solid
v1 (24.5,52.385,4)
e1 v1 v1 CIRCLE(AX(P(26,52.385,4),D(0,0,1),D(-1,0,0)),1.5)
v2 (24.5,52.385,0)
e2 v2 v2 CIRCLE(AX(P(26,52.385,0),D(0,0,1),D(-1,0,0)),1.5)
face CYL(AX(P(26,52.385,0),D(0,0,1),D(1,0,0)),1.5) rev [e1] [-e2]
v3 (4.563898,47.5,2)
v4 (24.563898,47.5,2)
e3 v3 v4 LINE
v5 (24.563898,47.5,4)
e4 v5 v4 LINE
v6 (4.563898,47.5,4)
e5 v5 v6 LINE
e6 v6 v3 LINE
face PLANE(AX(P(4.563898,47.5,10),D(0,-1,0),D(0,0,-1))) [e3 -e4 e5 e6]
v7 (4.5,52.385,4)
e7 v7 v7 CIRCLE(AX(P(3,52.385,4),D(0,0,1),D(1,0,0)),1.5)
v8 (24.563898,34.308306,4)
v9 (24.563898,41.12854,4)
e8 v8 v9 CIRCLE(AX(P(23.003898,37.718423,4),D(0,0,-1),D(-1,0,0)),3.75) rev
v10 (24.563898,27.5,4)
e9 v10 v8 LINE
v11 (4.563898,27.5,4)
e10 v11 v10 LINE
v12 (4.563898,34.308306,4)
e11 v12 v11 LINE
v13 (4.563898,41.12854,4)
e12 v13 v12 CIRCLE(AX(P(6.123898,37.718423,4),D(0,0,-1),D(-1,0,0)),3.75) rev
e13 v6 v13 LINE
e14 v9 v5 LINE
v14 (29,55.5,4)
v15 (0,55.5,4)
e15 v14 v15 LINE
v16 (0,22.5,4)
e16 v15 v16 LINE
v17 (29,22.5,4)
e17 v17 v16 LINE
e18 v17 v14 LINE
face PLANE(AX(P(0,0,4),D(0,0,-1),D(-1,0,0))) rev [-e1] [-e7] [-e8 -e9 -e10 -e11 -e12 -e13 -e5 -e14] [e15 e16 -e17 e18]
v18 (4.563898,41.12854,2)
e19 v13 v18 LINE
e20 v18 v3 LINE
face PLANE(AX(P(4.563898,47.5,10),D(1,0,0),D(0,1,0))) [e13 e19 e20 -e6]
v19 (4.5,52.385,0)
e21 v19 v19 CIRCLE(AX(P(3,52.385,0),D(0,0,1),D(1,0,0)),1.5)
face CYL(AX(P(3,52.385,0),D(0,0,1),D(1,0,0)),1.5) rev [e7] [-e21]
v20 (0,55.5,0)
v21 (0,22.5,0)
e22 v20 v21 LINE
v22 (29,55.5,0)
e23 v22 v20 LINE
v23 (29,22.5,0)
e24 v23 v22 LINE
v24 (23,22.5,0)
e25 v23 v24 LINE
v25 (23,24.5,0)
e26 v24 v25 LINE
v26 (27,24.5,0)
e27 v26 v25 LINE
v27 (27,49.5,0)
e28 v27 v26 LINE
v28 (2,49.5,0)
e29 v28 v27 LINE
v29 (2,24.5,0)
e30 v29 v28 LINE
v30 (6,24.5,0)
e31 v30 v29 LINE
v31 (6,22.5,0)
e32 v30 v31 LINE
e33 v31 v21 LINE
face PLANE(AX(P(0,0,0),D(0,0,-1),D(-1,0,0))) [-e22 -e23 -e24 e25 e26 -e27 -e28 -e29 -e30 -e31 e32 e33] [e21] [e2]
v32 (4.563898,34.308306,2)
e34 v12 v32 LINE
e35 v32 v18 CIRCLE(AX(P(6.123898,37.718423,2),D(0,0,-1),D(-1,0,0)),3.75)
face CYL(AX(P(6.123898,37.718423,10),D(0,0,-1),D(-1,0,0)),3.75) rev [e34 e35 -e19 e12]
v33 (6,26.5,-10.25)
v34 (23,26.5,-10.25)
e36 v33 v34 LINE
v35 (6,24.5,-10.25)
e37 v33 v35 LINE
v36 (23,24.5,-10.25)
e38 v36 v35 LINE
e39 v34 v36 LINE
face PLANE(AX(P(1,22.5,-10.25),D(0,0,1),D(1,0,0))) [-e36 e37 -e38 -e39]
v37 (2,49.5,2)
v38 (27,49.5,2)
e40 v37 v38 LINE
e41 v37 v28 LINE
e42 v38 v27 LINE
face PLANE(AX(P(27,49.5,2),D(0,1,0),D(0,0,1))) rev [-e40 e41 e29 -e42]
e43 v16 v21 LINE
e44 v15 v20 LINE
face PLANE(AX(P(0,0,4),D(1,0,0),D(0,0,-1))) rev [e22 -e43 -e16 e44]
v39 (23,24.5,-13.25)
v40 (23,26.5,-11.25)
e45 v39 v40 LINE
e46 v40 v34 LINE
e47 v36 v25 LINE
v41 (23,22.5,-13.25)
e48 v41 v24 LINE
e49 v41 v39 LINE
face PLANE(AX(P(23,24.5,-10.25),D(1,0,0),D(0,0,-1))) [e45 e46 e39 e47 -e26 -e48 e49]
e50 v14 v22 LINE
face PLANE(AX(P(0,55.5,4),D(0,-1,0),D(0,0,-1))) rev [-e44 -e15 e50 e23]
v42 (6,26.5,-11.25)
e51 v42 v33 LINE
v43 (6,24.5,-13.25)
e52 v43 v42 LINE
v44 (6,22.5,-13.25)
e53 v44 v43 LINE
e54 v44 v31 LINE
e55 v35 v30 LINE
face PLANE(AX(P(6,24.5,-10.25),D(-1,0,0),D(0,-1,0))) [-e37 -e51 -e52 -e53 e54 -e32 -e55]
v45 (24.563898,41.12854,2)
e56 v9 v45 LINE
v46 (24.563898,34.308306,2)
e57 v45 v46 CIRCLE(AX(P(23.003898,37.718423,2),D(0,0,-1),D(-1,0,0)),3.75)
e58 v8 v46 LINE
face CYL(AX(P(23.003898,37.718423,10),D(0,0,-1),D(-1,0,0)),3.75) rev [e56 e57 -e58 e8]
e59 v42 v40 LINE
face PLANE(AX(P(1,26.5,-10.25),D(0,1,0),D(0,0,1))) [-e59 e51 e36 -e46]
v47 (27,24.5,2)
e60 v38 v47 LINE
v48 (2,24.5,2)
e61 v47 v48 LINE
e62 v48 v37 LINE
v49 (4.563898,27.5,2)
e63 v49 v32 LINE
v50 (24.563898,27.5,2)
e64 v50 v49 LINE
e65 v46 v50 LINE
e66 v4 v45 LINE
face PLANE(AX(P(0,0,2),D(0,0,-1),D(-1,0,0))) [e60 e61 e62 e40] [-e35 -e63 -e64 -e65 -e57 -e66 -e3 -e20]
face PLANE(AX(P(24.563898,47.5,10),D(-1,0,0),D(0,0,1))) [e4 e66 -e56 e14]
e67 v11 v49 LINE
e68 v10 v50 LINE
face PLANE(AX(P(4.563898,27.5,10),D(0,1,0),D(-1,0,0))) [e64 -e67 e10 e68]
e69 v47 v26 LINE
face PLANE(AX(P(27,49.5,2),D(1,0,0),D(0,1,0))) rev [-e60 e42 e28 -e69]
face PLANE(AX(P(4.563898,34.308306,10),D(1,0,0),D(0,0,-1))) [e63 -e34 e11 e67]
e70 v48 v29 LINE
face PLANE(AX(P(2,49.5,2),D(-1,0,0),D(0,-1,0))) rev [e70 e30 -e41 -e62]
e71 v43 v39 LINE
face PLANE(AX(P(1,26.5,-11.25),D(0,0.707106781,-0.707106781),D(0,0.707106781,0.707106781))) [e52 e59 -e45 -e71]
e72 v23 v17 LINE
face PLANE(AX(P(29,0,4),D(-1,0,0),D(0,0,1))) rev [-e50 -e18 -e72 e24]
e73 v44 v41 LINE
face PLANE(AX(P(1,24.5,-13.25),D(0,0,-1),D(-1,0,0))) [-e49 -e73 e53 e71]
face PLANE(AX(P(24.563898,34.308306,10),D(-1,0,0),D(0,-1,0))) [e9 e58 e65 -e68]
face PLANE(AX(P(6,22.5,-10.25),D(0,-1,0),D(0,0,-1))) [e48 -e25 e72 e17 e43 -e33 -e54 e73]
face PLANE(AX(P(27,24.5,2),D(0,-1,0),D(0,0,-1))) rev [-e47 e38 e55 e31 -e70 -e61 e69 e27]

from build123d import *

# Parameters (mm, degrees)
SKETCH1_W           = 29
SKETCH1_H           = 55.5
BODY_DEPTH          = 4
SKETCH2_R           = 1.5
BOLT_HOLES_DEPTH    = 63.747509911
CUT_EXTRUDE1_DEPTH  = 10
SKETCH6_W           = 25
SKETCH6_H           = 25
CUT_EXTRUDE2_DEPTH  = 2
SKETCH7_W           = 17
SKETCH7_H           = 2
BOSS_EXTRUDE1_DEPTH = 10.25
BOSS_EXTRUDE2_DEPTH = 17


with BuildPart() as part:
    # Sketch1 → Body (new body)
    with BuildSketch(Plane.XY):
        with Locations((14.5, 27.75)):
            Rectangle(SKETCH1_W, SKETCH1_H)
    extrude(amount=BODY_DEPTH)

    # Sketch2 → Bolt Holes (cut, through all)
    with BuildSketch(Plane.XY.offset(4)):
        with Locations((3, 52.385)):
            Circle(SKETCH2_R)
        with Locations(Location((26, 52.385, 0), (0, 0, 180))):
            Circle(SKETCH2_R)
        with Locations((26, 3.115)):
            Circle(SKETCH2_R)
        with Locations(Location((3, 3.115, 0), (0, 0, 180))):
            Circle(SKETCH2_R)
    extrude(amount=-BOLT_HOLES_DEPTH, mode=Mode.SUBTRACT)

    # Sketch4 → Cut-Extrude1 (cut)
    with BuildSketch(Plane.XY):
        with BuildLine():
            Line((4.563898139, 34.308305648), (4.563898139, 27.5))
            Line((4.563898139, 27.5), (24.563898139, 27.5))
            Line((24.563898139, 27.5), (24.563898139, 34.308305648))
            ThreePointArc((24.563898139, 34.308305648), (26.753898139, 37.718422948), (24.563898139, 41.128540248))
            Line((24.563898139, 41.128540248), (24.563898139, 47.5))
            Line((24.563898139, 47.5), (4.563898139, 47.5))
            Line((4.563898139, 47.5), (4.563898139, 41.128540248))
            ThreePointArc((4.563898139, 41.128540248), (2.373898139, 37.718422948), (4.563898139, 34.308305648))
        make_face()
    extrude(amount=CUT_EXTRUDE1_DEPTH, mode=Mode.SUBTRACT)

    # Sketch6 → Cut-Extrude2 (cut)
    with BuildSketch(Plane(origin=(0, 0, 0), x_dir=(-1, 0, 0), z_dir=(0, 0, -1))):
        with Locations((-14.5, 37)):
            Rectangle(SKETCH6_W, SKETCH6_H)
    extrude(amount=-CUT_EXTRUDE2_DEPTH, mode=Mode.SUBTRACT)

    # Sketch7 → Boss-Extrude1 (add)
    with BuildSketch(Plane.XY):
        with Locations((14.5, 23.5)):
            Rectangle(SKETCH7_W, SKETCH7_H)
    extrude(amount=-BOSS_EXTRUDE1_DEPTH)

    # Sketch8 → Boss-Extrude2 (add)
    with BuildSketch(Plane(origin=(23, 0, 0), x_dir=(0, 0, -1), z_dir=(1, 0, 0))):
        Polygon((10.25, 22.5), (10.25, 26.5), (11.25, 26.5), (13.25, 24.5), (13.25, 22.5), align=None)
    extrude(amount=-BOSS_EXTRUDE2_DEPTH)

    # SurfaceCut1
    split(bisect_by=Plane(origin=(0, 22.5, 0), x_dir=(-1, 0, 0), z_dir=(0, -1, 0)), keep=Keep.BOTTOM)


solid = part.part
